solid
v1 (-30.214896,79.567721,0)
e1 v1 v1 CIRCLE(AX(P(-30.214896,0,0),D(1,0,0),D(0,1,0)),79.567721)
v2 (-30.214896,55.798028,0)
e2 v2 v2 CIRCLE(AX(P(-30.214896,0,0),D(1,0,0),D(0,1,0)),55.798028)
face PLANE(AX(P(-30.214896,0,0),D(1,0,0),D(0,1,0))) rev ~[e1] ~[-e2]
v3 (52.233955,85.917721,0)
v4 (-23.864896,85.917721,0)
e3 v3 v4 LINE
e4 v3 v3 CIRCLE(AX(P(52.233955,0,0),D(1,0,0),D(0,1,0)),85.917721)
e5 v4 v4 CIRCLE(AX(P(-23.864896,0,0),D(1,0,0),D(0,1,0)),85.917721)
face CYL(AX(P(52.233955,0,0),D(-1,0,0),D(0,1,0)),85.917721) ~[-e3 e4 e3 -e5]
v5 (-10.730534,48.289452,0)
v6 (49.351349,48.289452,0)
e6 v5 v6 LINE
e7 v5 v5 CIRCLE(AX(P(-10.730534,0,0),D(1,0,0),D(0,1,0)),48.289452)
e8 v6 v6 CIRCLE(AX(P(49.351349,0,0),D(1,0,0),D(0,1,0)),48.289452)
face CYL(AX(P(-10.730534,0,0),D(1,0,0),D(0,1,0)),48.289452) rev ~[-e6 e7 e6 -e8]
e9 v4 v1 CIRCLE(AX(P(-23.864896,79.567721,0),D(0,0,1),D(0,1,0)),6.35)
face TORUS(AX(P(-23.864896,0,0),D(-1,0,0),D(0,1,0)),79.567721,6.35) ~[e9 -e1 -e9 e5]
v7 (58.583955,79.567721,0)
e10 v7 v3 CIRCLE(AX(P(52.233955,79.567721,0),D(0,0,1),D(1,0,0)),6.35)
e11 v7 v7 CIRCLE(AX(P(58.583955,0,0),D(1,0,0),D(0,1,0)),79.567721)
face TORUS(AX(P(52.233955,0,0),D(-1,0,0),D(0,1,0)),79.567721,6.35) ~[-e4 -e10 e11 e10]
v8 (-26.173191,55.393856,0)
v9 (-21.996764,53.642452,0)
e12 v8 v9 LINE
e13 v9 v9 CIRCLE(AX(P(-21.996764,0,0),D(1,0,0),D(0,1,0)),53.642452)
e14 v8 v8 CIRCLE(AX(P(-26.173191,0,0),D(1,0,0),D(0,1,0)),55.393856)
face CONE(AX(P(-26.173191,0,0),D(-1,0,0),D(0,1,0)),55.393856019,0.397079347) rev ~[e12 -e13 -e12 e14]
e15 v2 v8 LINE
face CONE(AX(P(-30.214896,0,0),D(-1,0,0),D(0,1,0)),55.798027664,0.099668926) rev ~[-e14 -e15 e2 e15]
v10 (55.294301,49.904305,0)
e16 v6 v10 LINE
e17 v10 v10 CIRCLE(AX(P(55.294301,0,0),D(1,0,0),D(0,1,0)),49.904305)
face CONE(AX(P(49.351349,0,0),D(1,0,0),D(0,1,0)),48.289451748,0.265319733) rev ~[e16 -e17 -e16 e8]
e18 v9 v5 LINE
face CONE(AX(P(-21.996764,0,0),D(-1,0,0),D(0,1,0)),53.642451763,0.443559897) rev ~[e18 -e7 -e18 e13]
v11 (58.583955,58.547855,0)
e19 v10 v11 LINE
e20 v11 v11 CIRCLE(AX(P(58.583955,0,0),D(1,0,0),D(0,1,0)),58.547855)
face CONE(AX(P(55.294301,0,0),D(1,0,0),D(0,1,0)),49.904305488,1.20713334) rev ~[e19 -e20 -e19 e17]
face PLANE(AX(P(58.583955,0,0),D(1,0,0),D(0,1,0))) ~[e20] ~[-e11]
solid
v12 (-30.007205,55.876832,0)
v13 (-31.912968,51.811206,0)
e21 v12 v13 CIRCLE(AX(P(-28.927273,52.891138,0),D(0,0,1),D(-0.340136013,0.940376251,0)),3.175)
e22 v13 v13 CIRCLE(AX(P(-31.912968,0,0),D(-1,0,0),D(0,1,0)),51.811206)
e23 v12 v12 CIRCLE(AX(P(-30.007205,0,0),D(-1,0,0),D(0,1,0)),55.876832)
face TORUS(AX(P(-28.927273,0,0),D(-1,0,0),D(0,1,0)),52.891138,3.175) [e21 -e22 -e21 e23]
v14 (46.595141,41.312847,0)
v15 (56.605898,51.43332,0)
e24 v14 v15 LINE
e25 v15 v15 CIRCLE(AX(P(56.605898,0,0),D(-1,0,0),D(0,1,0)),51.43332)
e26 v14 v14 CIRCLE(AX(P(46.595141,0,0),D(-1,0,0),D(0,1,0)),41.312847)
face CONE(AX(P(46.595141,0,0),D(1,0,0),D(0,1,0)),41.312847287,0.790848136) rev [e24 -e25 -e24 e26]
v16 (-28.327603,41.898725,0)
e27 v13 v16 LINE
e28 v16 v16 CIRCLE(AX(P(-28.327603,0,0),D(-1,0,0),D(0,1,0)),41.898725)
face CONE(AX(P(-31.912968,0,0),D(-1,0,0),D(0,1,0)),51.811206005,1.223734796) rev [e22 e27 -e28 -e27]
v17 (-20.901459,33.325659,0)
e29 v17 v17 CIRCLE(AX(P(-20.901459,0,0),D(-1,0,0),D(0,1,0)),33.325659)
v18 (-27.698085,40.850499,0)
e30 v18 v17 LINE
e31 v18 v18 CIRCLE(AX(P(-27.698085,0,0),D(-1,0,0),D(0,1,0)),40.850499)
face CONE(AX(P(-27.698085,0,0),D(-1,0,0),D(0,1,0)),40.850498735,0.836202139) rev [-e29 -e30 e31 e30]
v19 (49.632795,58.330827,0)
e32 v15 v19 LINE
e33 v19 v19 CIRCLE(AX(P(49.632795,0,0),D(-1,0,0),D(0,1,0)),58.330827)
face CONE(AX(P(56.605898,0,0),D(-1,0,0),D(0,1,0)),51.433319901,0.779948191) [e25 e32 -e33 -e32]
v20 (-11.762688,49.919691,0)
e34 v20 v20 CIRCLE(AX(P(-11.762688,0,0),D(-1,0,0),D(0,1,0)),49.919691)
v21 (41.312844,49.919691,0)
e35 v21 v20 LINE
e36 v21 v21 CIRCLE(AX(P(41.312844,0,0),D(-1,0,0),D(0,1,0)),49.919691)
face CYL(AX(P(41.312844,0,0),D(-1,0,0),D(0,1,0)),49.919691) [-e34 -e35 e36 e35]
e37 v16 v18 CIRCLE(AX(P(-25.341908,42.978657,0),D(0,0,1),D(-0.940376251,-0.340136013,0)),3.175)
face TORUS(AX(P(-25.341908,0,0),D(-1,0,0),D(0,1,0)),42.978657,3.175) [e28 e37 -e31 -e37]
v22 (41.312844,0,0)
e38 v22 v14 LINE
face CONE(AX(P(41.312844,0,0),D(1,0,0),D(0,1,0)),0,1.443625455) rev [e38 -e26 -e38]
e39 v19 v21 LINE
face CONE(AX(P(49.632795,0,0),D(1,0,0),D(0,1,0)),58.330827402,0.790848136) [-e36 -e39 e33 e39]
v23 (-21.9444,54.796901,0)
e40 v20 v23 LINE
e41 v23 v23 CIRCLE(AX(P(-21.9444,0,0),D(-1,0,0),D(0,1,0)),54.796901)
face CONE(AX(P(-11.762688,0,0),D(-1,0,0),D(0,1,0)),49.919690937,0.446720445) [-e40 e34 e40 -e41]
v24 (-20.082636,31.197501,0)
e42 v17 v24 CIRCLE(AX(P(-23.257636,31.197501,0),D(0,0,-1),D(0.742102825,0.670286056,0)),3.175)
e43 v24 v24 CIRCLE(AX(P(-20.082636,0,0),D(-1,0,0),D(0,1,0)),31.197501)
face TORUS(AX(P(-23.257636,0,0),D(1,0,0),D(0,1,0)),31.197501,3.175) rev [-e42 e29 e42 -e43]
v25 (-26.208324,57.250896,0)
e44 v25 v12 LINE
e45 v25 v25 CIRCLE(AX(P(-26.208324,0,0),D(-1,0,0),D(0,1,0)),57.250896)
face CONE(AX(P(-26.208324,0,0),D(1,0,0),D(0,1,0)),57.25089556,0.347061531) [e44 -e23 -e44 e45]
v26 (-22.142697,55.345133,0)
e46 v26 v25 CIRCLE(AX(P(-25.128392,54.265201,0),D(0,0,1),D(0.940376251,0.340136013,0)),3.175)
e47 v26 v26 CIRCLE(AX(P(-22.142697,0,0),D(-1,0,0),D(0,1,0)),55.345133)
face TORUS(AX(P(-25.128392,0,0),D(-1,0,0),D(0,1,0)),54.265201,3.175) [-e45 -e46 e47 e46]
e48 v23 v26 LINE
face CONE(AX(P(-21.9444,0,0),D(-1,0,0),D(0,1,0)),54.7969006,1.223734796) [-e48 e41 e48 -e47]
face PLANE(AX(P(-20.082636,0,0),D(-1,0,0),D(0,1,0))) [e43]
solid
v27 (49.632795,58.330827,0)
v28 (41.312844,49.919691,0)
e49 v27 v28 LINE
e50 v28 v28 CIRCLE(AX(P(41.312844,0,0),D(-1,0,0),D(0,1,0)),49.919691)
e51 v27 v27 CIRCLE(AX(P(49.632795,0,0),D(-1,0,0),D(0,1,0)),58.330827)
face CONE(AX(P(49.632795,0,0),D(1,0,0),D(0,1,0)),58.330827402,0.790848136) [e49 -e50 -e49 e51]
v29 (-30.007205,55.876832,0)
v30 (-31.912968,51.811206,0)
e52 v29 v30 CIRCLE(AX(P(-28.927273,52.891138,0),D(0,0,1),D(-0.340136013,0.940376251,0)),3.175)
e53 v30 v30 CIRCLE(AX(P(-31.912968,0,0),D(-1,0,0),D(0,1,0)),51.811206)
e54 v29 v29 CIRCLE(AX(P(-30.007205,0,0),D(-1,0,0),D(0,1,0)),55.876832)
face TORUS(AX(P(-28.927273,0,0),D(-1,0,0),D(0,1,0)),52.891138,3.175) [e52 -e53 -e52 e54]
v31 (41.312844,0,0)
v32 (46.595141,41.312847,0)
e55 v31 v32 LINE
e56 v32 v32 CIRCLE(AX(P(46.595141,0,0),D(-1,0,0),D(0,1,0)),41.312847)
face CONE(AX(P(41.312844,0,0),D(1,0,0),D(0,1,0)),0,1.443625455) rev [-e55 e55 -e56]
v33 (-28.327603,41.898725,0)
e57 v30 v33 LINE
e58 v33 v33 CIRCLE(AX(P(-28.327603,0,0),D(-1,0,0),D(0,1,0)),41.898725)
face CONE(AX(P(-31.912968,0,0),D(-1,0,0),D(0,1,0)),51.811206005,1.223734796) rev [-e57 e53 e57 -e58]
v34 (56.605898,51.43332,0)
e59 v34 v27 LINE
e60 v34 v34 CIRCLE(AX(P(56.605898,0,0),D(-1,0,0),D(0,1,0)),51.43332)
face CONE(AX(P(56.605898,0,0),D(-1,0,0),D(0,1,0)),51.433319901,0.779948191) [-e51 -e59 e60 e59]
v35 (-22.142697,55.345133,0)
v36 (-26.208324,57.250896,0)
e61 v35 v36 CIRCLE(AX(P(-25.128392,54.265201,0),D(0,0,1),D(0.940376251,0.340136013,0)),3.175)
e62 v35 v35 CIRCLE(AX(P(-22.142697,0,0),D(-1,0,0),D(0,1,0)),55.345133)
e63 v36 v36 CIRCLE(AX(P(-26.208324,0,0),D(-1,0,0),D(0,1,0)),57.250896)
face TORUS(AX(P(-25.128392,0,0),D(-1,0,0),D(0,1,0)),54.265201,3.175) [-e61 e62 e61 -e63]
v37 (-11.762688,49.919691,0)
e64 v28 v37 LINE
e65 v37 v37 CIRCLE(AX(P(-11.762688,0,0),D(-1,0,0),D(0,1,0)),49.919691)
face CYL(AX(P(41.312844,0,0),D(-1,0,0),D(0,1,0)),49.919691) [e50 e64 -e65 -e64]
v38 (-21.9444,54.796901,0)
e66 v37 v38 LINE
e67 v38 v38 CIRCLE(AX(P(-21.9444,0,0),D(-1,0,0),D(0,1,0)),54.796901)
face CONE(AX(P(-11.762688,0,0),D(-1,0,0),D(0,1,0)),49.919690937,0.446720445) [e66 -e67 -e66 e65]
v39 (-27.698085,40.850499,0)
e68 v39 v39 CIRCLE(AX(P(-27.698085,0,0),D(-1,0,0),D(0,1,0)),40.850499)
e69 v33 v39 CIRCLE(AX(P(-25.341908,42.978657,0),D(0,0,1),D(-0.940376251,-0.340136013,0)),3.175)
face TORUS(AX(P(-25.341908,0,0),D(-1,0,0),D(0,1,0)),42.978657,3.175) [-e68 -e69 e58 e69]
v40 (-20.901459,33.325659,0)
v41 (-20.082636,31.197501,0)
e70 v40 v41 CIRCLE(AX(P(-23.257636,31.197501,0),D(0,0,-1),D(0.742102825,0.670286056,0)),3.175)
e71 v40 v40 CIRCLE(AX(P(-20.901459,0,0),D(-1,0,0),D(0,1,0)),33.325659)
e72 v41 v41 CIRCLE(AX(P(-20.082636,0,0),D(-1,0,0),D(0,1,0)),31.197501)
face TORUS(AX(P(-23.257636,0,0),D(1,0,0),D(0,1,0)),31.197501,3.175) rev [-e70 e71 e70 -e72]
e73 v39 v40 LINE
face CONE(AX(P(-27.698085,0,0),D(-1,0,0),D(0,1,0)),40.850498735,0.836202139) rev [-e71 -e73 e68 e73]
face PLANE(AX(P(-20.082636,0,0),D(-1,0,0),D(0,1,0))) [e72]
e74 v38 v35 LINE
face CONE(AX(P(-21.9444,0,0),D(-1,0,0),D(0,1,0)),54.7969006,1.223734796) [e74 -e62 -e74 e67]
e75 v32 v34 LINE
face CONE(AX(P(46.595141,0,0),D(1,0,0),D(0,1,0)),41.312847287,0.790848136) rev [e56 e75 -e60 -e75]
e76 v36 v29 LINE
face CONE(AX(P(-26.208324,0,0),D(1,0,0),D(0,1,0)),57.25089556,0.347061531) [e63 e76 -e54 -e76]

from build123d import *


with BuildPart() as f1:
    # F0 (on Top) → F1 (revolve)
    with BuildSketch(Plane.XY):
        with BuildLine():
            Line((-20.082635805, 31.1975010189), (-20.082635805, 0))
            Line((-20.082635805, 0), (41.3128435612, 0))
            Line((41.3128435612, 0), (46.5951409634, 41.3128472865))
            Line((46.5951409634, 41.3128472865), (56.6058978466, 51.433319901))
            Line((56.6058978466, 51.433319901), (49.632795155, 58.3308274015))
            Line((49.632795155, 58.3308274015), (41.3128435612, 49.9196909368))
            Line((41.3128435612, 49.9196909368), (-11.7626879364, 49.9196909368))
            Line((-11.7626879364, 49.9196909368), (-21.9444004273, 54.7969006002))
            Line((-21.9444004273, 54.7969006002), (-22.1426971376, 55.3451328062))
            ThreePointArc((-22.1426971376, 55.3451328062), (-23.7808139667, 57.1400329878), (-26.2083235749, 57.2508955595))
            Line((-26.2083235749, 57.2508955595), (-30.0072048225, 55.8768324422))
            ThreePointArc((-30.0072048225, 55.8768324422), (-31.8021050042, 54.2387156131), (-31.9129675759, 51.8112060048))
            Line((-31.9129675759, 51.8112060048), (-28.3276029661, 41.8987251224))
            ThreePointArc((-28.3276029661, 41.8987251224), (-28.0637811187, 41.3440213034), (-27.6980848395, 40.8504987352))
            Line((-27.6980848395, 40.8504987352), (-20.9014593363, 33.325659248))
            ThreePointArc((-20.9014593363, 33.325659248), (-20.2944040145, 32.3376248524), (-20.082635805, 31.1975010189))
        make_face()
    revolve(axis=Axis((10.6151038781, 0, 0), (-1, 0, 0)))


with BuildPart() as f2:
    # F0 (on Top) → F2 (revolve)
    with BuildSketch(Plane.XY):
        with BuildLine():
            Line((-20.082635805, 31.1975010189), (-20.082635805, 0))
            Line((-20.082635805, 0), (41.3128435612, 0))
            Line((41.3128435612, 0), (46.5951409634, 41.3128472865))
            Line((46.5951409634, 41.3128472865), (56.6058978466, 51.433319901))
            Line((56.6058978466, 51.433319901), (49.632795155, 58.3308274015))
            Line((49.632795155, 58.3308274015), (41.3128435612, 49.9196909368))
            Line((41.3128435612, 49.9196909368), (-11.7626879364, 49.9196909368))
            Line((-11.7626879364, 49.9196909368), (-21.9444004273, 54.7969006002))
            Line((-21.9444004273, 54.7969006002), (-22.1426971376, 55.3451328062))
            ThreePointArc((-22.1426971376, 55.3451328062), (-23.7808139667, 57.1400329878), (-26.2083235749, 57.2508955595))
            Line((-26.2083235749, 57.2508955595), (-30.0072048225, 55.8768324422))
            ThreePointArc((-30.0072048225, 55.8768324422), (-31.8021050042, 54.2387156131), (-31.9129675759, 51.8112060048))
            Line((-31.9129675759, 51.8112060048), (-28.3276029661, 41.8987251224))
            ThreePointArc((-28.3276029661, 41.8987251224), (-28.0637811187, 41.3440213034), (-27.6980848395, 40.8504987352))
            Line((-27.6980848395, 40.8504987352), (-20.9014593363, 33.325659248))
            ThreePointArc((-20.9014593363, 33.325659248), (-20.2944040145, 32.3376248524), (-20.082635805, 31.1975010189))
        make_face()
    revolve(axis=Axis((10.6151038781, 0, 0), (-1, 0, 0)))


with BuildPart() as f4:
    # F3 (on Top) → F4 (revolve)
    with BuildSketch(Plane.XY):
        with BuildLine():
            Line((-30.2148964256, 79.5677208424), (-30.2148964256, 55.7980276644))
            Line((-30.2148964256, 55.7980276644), (-26.1731911451, 55.3938560188))
            Line((-26.1731911451, 55.3938560188), (-21.9967644662, 53.6424517632))
            Line((-21.9967644662, 53.6424517632), (-10.7305339819, 48.2894517481))
            Line((-10.7305339819, 48.2894517481), (49.351349473, 48.2894517481))
            Line((49.351349473, 48.2894517481), (55.2943013608, 49.9043054879))
            Line((55.2943013608, 49.9043054879), (58.583955127, 58.5478551982))
            Line((58.583955127, 58.5478551982), (58.583955127, 79.5677208424))
            ThreePointArc((58.583955127, 79.5677208424), (56.7240831875, 84.0578489029), (52.233955127, 85.9177208424))
            Line((52.233955127, 85.9177208424), (-23.8648964256, 85.9177208424))
            ThreePointArc((-23.8648964256, 85.9177208424), (-28.3550244861, 84.0578489029), (-30.2148964256, 79.5677208424))
        make_face()
    revolve(axis=Axis((15.6277865171, 0, 0), (1, 0, 0)))


solid = Compound([f1.part, f2.part, f4.part])
